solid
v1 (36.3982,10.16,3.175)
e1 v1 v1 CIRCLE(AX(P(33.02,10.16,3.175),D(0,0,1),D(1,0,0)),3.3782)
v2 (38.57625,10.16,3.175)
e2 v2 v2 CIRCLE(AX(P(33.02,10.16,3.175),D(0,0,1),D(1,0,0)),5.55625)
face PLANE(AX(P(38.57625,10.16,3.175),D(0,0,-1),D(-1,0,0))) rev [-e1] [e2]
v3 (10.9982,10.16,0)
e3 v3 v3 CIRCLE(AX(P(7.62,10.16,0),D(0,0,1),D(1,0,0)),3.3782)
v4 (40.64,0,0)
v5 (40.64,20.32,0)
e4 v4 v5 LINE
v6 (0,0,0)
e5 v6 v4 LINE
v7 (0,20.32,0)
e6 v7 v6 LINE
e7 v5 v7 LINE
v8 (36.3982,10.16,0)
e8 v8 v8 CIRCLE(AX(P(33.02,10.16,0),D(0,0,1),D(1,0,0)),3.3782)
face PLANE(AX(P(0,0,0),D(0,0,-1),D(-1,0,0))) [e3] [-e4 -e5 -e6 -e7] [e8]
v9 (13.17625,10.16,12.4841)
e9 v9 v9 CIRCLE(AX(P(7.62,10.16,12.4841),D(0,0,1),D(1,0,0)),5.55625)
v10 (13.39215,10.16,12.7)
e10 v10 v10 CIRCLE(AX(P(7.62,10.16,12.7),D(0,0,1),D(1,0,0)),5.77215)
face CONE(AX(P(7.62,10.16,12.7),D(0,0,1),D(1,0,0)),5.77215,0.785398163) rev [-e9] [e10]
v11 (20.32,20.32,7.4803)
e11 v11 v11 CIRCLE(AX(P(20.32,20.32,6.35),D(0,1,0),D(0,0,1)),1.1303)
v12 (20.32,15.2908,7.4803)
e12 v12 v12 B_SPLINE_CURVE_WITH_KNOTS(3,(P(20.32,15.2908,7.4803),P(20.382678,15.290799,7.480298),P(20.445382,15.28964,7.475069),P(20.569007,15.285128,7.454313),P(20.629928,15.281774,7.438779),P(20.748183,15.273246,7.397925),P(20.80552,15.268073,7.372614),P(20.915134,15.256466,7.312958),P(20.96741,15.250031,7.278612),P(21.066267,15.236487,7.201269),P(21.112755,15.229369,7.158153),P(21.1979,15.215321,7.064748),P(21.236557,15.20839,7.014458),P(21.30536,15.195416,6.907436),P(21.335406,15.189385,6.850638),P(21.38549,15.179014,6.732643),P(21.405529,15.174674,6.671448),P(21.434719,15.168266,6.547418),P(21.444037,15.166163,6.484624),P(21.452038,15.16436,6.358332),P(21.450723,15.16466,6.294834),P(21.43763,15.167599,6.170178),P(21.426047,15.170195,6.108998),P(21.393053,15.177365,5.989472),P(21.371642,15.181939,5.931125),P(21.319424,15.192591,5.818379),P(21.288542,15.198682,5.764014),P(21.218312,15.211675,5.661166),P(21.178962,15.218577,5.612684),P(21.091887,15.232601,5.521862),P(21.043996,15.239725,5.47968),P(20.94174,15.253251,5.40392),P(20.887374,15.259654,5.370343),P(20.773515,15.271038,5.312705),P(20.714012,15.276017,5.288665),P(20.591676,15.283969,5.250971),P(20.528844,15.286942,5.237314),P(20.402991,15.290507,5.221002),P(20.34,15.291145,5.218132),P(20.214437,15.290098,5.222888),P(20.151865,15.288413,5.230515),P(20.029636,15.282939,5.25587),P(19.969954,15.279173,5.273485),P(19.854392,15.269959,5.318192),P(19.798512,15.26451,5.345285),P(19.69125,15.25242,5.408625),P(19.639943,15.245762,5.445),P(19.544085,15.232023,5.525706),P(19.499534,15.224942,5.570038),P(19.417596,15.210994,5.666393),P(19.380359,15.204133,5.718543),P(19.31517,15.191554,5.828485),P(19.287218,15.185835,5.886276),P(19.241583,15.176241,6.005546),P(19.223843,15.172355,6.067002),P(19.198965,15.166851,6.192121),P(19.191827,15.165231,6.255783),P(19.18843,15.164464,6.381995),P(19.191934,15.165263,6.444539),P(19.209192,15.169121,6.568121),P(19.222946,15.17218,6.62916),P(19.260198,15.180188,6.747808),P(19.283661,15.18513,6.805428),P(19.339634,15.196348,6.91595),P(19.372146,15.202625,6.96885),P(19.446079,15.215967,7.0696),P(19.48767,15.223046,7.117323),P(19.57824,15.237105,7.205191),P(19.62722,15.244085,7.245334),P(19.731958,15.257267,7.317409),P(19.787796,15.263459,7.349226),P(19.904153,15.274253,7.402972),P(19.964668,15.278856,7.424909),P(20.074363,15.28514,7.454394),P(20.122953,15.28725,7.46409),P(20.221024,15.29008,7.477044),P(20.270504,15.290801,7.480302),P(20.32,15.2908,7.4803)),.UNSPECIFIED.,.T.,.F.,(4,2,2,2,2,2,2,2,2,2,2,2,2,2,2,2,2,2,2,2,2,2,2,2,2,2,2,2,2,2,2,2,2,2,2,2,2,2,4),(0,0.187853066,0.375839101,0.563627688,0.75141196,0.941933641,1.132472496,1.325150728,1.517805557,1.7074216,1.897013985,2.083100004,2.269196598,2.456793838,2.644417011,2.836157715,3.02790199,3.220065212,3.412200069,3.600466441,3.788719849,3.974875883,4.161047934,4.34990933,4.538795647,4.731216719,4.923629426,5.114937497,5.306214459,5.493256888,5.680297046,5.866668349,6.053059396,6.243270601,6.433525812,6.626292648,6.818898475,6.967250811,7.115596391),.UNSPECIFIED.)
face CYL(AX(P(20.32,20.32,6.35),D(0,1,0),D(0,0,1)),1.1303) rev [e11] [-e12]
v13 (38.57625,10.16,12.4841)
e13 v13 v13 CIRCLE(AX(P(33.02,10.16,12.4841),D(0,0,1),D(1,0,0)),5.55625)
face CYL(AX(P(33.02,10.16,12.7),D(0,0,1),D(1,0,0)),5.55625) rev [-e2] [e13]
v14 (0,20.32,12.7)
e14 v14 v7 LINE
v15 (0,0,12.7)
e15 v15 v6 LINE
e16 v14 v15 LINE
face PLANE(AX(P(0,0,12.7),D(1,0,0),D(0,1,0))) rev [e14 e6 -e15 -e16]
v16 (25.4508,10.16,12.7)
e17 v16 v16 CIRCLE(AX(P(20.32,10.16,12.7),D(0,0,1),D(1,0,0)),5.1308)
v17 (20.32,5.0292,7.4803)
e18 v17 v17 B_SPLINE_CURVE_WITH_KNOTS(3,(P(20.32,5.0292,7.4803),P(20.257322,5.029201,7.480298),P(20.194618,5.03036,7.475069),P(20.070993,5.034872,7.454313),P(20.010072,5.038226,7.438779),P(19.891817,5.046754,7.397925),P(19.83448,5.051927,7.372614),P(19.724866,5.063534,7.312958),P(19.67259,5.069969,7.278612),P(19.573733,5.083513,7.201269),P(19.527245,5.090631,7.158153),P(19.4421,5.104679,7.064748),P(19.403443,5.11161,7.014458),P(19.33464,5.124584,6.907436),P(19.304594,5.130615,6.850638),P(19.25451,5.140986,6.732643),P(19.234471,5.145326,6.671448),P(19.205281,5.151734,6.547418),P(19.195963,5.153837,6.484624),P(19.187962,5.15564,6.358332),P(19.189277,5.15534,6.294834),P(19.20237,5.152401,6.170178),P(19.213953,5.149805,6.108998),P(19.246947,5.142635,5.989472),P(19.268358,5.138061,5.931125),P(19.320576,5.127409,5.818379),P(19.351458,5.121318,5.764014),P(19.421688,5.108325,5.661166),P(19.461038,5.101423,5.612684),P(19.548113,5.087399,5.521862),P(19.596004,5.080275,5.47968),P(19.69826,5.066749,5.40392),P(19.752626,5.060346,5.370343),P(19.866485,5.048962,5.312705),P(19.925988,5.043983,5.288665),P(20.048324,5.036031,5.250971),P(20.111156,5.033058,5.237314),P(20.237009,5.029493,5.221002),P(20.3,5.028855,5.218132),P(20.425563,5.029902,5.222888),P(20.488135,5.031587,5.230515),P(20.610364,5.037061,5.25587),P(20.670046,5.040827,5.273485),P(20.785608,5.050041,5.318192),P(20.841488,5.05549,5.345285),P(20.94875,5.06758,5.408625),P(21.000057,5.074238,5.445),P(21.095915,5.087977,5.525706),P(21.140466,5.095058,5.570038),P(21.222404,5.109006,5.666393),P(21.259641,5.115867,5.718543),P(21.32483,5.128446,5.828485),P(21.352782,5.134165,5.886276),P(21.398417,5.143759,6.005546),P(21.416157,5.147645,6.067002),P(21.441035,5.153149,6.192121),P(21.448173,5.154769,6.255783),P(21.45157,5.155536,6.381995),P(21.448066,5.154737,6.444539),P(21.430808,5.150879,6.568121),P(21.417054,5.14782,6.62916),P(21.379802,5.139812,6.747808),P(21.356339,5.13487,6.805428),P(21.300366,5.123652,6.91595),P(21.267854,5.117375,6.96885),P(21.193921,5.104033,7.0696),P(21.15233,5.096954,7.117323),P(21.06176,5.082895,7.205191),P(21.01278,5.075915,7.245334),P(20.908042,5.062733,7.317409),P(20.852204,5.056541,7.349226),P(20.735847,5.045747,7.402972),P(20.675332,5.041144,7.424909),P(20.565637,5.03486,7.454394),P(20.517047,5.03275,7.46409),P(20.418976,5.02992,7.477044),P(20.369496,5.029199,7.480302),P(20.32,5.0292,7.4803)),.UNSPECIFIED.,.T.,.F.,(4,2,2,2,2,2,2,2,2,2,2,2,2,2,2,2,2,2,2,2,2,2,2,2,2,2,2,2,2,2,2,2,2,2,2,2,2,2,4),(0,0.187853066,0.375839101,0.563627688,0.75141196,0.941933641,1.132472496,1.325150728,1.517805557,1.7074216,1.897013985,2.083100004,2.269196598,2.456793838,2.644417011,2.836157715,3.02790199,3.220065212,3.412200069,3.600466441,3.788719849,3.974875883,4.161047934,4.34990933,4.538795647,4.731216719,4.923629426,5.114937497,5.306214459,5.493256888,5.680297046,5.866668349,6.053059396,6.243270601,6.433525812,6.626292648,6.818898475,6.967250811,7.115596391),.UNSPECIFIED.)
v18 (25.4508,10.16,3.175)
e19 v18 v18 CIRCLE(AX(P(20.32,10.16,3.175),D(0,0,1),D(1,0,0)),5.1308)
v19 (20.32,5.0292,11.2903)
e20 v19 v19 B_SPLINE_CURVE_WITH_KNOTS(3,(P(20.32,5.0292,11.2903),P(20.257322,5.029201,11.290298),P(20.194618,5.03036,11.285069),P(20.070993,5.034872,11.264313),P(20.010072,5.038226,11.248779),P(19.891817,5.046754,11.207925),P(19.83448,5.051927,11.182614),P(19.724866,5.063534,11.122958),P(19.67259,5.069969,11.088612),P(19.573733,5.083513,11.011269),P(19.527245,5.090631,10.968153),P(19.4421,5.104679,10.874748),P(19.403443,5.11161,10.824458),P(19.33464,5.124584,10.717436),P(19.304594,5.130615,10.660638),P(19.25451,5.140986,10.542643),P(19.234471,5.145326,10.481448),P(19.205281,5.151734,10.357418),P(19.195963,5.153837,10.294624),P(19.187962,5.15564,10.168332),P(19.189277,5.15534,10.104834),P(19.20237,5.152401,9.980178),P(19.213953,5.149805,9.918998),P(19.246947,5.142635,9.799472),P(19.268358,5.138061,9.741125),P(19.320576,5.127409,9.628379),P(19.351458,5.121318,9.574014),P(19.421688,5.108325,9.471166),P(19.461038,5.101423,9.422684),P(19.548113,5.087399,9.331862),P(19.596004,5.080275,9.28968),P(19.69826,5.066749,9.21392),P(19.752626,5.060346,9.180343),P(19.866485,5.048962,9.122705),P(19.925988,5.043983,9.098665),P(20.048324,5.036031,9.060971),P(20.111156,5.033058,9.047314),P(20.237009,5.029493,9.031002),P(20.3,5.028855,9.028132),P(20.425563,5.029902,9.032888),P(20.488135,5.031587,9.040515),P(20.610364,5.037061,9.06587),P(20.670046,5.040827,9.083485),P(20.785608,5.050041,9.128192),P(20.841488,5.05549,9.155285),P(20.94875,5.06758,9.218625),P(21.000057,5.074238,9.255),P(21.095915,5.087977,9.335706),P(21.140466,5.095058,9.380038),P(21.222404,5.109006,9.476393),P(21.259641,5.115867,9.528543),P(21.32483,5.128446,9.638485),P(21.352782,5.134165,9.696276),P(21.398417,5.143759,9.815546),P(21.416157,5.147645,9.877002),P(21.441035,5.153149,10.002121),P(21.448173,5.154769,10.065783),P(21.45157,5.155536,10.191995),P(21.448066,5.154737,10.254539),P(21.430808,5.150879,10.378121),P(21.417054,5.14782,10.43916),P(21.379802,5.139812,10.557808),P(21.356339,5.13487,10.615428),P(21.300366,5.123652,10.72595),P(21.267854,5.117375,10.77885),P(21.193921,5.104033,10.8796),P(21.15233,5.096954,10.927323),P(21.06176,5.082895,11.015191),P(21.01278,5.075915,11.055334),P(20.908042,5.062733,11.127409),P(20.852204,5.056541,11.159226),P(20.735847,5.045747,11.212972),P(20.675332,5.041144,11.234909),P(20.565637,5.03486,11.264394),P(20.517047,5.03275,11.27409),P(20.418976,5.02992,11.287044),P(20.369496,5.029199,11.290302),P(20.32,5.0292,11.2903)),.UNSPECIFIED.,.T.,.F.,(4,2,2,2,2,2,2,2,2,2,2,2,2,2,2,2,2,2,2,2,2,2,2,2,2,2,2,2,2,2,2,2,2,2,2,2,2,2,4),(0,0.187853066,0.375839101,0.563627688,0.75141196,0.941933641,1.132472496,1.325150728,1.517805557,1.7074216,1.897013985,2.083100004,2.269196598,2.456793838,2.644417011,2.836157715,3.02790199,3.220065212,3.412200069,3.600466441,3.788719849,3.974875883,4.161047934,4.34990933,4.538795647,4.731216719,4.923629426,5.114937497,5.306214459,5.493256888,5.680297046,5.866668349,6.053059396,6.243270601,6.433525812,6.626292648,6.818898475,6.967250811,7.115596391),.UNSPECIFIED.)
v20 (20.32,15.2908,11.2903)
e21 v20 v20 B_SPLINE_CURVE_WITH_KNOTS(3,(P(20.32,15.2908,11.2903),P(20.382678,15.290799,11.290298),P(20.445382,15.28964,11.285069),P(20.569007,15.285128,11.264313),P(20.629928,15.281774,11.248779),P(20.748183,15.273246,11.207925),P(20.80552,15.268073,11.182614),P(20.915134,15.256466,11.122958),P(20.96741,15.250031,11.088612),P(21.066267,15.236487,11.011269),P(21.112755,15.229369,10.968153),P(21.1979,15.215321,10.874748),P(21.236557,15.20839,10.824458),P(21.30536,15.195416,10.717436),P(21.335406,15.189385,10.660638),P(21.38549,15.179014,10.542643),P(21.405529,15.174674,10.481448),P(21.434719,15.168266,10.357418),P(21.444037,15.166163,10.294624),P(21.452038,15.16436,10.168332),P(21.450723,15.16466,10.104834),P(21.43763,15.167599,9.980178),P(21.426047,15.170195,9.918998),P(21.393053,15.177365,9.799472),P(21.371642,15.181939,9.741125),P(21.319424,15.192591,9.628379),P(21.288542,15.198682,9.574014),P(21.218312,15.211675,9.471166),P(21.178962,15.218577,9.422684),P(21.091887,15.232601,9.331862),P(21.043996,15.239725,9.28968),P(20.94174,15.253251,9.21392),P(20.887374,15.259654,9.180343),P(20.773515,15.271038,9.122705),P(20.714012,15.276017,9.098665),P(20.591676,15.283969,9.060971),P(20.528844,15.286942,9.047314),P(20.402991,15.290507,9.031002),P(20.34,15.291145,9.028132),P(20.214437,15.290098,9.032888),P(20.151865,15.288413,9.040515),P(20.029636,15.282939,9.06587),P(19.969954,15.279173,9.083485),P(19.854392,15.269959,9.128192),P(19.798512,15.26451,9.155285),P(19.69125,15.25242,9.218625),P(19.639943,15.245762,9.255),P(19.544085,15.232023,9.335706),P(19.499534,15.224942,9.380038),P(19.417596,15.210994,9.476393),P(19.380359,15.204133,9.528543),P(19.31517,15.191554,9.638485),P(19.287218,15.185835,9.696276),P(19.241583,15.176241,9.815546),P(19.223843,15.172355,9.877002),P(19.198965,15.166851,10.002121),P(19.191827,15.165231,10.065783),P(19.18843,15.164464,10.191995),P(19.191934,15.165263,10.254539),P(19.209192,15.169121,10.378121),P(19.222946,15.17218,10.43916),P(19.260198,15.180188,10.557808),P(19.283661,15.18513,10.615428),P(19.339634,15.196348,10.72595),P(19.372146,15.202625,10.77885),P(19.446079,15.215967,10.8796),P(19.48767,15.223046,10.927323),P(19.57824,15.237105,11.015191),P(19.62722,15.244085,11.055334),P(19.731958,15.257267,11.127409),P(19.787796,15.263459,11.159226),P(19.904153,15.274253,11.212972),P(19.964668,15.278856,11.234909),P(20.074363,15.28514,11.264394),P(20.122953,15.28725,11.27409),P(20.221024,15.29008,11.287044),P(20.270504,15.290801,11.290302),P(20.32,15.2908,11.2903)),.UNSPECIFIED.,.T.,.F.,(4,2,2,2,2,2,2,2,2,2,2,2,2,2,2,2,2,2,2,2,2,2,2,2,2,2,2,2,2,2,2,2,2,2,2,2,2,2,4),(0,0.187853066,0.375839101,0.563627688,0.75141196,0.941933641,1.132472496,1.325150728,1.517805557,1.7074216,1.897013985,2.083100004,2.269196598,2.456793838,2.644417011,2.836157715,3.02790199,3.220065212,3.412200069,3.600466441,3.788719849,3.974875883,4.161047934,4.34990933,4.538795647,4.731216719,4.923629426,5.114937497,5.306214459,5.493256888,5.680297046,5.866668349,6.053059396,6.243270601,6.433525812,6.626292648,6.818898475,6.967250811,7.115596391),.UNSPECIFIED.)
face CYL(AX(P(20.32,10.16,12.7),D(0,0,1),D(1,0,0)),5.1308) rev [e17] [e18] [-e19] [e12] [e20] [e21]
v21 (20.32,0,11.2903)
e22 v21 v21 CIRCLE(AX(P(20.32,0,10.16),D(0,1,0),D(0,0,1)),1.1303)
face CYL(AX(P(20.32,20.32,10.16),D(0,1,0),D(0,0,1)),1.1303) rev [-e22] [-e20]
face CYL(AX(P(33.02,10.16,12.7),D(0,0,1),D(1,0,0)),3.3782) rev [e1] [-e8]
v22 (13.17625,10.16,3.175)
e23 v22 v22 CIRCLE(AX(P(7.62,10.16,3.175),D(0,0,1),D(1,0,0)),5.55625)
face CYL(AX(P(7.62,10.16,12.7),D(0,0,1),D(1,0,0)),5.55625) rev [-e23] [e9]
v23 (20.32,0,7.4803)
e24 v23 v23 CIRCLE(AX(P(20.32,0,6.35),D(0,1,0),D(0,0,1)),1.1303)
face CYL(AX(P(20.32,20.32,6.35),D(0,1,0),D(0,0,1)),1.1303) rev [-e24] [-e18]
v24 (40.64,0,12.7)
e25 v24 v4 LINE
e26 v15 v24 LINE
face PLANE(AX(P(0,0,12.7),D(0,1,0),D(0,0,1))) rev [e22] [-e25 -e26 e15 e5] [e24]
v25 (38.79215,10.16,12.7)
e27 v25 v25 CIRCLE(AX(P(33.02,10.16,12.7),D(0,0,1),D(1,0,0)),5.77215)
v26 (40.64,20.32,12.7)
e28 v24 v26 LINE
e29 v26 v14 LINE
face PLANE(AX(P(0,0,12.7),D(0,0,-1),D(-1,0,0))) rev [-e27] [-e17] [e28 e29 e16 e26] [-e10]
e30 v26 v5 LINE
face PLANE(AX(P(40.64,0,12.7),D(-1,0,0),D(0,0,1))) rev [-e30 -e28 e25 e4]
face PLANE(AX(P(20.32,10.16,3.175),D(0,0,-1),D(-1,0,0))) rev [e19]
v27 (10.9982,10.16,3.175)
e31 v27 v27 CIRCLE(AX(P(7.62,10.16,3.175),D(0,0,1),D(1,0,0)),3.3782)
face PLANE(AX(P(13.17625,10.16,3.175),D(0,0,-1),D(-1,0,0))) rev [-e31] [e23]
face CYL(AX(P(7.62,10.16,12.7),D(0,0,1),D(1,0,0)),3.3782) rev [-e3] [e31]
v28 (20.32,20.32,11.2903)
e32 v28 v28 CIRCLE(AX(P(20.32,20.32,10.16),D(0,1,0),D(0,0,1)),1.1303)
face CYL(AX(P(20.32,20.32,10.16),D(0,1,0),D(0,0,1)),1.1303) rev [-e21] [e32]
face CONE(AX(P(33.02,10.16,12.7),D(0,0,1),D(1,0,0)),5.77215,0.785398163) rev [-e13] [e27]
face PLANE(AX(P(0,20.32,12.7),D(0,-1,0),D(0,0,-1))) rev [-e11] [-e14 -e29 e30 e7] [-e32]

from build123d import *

# Parameters (mm, degrees)
SKETCH1_W                                     = 40.64
SKETCH1_H                                     = 20.32
BOSS_EXTRUDE2_DEPTH                           = 12.7
CBORE_FOR_1_4_SOCKET_HEAD_CAP_SCREW1_AT_COUNT = 2
CBORE_FOR_1_4_SOCKET_HEAD_CAP_SCREW1_AT_PITCH = 25.4
HOLE1_D                                       = 10.2616
HOLE1_DEPTH                                   = 9.525
F_4_40_TAPPED_HOLE1_D                         = 2.2606


with BuildPart() as part:
    # Sketch1 → Boss-Extrude2 (new body)
    with BuildSketch(Plane.XY):
        with Locations((20.32, 10.16)):
            Rectangle(SKETCH1_W, SKETCH1_H)
    extrude(amount=BOSS_EXTRUDE2_DEPTH)

    # Sketch3 → CBORE for 1/4 Socket Head Cap Screw1 (revolve, cut)
    with BuildSketch(Plane(origin=(7.62, 10.16, 12.7), x_dir=(0, -1, 0), z_dir=(1, 0, 0))):
        Polygon((0, 0), (0, 12.7), (3.3782, 12.7), (3.3782, 9.525), (5.55625, 9.525), (5.55625, 0.2159), (5.77215, 0), align=None)
    cbore_for_1_4_socket_head_cap_screw1 = revolve(axis=Axis((7.62, 10.16, 19.05), (0, 0, -1)), mode=Mode.SUBTRACT)

    # CBORE for 1/4 Socket Head Cap Screw1 at: CBORE for 1/4 Socket Head Cap Screw1 ×2
    with Locations(*[(i * CBORE_FOR_1_4_SOCKET_HEAD_CAP_SCREW1_AT_PITCH, 0, 0) for i in range(1, CBORE_FOR_1_4_SOCKET_HEAD_CAP_SCREW1_AT_COUNT)]):
        add(cbore_for_1_4_socket_head_cap_screw1, mode=Mode.SUBTRACT)

    # Hole1
    with Locations(Plane.XY.offset(12.7)):
        with Locations((20.32, 10.16)):
            Hole(HOLE1_D / 2, depth=HOLE1_DEPTH)

    # #4-40 Tapped Hole1 (through all)
    with Locations(Plane(origin=(0, 20.32, 0), x_dir=(1, 0, 0), z_dir=(0, 1, 0))):
        with Locations((20.32, -10.16), (20.32, -6.35)):
            Hole(F_4_40_TAPPED_HOLE1_D / 2)


solid = part.part
